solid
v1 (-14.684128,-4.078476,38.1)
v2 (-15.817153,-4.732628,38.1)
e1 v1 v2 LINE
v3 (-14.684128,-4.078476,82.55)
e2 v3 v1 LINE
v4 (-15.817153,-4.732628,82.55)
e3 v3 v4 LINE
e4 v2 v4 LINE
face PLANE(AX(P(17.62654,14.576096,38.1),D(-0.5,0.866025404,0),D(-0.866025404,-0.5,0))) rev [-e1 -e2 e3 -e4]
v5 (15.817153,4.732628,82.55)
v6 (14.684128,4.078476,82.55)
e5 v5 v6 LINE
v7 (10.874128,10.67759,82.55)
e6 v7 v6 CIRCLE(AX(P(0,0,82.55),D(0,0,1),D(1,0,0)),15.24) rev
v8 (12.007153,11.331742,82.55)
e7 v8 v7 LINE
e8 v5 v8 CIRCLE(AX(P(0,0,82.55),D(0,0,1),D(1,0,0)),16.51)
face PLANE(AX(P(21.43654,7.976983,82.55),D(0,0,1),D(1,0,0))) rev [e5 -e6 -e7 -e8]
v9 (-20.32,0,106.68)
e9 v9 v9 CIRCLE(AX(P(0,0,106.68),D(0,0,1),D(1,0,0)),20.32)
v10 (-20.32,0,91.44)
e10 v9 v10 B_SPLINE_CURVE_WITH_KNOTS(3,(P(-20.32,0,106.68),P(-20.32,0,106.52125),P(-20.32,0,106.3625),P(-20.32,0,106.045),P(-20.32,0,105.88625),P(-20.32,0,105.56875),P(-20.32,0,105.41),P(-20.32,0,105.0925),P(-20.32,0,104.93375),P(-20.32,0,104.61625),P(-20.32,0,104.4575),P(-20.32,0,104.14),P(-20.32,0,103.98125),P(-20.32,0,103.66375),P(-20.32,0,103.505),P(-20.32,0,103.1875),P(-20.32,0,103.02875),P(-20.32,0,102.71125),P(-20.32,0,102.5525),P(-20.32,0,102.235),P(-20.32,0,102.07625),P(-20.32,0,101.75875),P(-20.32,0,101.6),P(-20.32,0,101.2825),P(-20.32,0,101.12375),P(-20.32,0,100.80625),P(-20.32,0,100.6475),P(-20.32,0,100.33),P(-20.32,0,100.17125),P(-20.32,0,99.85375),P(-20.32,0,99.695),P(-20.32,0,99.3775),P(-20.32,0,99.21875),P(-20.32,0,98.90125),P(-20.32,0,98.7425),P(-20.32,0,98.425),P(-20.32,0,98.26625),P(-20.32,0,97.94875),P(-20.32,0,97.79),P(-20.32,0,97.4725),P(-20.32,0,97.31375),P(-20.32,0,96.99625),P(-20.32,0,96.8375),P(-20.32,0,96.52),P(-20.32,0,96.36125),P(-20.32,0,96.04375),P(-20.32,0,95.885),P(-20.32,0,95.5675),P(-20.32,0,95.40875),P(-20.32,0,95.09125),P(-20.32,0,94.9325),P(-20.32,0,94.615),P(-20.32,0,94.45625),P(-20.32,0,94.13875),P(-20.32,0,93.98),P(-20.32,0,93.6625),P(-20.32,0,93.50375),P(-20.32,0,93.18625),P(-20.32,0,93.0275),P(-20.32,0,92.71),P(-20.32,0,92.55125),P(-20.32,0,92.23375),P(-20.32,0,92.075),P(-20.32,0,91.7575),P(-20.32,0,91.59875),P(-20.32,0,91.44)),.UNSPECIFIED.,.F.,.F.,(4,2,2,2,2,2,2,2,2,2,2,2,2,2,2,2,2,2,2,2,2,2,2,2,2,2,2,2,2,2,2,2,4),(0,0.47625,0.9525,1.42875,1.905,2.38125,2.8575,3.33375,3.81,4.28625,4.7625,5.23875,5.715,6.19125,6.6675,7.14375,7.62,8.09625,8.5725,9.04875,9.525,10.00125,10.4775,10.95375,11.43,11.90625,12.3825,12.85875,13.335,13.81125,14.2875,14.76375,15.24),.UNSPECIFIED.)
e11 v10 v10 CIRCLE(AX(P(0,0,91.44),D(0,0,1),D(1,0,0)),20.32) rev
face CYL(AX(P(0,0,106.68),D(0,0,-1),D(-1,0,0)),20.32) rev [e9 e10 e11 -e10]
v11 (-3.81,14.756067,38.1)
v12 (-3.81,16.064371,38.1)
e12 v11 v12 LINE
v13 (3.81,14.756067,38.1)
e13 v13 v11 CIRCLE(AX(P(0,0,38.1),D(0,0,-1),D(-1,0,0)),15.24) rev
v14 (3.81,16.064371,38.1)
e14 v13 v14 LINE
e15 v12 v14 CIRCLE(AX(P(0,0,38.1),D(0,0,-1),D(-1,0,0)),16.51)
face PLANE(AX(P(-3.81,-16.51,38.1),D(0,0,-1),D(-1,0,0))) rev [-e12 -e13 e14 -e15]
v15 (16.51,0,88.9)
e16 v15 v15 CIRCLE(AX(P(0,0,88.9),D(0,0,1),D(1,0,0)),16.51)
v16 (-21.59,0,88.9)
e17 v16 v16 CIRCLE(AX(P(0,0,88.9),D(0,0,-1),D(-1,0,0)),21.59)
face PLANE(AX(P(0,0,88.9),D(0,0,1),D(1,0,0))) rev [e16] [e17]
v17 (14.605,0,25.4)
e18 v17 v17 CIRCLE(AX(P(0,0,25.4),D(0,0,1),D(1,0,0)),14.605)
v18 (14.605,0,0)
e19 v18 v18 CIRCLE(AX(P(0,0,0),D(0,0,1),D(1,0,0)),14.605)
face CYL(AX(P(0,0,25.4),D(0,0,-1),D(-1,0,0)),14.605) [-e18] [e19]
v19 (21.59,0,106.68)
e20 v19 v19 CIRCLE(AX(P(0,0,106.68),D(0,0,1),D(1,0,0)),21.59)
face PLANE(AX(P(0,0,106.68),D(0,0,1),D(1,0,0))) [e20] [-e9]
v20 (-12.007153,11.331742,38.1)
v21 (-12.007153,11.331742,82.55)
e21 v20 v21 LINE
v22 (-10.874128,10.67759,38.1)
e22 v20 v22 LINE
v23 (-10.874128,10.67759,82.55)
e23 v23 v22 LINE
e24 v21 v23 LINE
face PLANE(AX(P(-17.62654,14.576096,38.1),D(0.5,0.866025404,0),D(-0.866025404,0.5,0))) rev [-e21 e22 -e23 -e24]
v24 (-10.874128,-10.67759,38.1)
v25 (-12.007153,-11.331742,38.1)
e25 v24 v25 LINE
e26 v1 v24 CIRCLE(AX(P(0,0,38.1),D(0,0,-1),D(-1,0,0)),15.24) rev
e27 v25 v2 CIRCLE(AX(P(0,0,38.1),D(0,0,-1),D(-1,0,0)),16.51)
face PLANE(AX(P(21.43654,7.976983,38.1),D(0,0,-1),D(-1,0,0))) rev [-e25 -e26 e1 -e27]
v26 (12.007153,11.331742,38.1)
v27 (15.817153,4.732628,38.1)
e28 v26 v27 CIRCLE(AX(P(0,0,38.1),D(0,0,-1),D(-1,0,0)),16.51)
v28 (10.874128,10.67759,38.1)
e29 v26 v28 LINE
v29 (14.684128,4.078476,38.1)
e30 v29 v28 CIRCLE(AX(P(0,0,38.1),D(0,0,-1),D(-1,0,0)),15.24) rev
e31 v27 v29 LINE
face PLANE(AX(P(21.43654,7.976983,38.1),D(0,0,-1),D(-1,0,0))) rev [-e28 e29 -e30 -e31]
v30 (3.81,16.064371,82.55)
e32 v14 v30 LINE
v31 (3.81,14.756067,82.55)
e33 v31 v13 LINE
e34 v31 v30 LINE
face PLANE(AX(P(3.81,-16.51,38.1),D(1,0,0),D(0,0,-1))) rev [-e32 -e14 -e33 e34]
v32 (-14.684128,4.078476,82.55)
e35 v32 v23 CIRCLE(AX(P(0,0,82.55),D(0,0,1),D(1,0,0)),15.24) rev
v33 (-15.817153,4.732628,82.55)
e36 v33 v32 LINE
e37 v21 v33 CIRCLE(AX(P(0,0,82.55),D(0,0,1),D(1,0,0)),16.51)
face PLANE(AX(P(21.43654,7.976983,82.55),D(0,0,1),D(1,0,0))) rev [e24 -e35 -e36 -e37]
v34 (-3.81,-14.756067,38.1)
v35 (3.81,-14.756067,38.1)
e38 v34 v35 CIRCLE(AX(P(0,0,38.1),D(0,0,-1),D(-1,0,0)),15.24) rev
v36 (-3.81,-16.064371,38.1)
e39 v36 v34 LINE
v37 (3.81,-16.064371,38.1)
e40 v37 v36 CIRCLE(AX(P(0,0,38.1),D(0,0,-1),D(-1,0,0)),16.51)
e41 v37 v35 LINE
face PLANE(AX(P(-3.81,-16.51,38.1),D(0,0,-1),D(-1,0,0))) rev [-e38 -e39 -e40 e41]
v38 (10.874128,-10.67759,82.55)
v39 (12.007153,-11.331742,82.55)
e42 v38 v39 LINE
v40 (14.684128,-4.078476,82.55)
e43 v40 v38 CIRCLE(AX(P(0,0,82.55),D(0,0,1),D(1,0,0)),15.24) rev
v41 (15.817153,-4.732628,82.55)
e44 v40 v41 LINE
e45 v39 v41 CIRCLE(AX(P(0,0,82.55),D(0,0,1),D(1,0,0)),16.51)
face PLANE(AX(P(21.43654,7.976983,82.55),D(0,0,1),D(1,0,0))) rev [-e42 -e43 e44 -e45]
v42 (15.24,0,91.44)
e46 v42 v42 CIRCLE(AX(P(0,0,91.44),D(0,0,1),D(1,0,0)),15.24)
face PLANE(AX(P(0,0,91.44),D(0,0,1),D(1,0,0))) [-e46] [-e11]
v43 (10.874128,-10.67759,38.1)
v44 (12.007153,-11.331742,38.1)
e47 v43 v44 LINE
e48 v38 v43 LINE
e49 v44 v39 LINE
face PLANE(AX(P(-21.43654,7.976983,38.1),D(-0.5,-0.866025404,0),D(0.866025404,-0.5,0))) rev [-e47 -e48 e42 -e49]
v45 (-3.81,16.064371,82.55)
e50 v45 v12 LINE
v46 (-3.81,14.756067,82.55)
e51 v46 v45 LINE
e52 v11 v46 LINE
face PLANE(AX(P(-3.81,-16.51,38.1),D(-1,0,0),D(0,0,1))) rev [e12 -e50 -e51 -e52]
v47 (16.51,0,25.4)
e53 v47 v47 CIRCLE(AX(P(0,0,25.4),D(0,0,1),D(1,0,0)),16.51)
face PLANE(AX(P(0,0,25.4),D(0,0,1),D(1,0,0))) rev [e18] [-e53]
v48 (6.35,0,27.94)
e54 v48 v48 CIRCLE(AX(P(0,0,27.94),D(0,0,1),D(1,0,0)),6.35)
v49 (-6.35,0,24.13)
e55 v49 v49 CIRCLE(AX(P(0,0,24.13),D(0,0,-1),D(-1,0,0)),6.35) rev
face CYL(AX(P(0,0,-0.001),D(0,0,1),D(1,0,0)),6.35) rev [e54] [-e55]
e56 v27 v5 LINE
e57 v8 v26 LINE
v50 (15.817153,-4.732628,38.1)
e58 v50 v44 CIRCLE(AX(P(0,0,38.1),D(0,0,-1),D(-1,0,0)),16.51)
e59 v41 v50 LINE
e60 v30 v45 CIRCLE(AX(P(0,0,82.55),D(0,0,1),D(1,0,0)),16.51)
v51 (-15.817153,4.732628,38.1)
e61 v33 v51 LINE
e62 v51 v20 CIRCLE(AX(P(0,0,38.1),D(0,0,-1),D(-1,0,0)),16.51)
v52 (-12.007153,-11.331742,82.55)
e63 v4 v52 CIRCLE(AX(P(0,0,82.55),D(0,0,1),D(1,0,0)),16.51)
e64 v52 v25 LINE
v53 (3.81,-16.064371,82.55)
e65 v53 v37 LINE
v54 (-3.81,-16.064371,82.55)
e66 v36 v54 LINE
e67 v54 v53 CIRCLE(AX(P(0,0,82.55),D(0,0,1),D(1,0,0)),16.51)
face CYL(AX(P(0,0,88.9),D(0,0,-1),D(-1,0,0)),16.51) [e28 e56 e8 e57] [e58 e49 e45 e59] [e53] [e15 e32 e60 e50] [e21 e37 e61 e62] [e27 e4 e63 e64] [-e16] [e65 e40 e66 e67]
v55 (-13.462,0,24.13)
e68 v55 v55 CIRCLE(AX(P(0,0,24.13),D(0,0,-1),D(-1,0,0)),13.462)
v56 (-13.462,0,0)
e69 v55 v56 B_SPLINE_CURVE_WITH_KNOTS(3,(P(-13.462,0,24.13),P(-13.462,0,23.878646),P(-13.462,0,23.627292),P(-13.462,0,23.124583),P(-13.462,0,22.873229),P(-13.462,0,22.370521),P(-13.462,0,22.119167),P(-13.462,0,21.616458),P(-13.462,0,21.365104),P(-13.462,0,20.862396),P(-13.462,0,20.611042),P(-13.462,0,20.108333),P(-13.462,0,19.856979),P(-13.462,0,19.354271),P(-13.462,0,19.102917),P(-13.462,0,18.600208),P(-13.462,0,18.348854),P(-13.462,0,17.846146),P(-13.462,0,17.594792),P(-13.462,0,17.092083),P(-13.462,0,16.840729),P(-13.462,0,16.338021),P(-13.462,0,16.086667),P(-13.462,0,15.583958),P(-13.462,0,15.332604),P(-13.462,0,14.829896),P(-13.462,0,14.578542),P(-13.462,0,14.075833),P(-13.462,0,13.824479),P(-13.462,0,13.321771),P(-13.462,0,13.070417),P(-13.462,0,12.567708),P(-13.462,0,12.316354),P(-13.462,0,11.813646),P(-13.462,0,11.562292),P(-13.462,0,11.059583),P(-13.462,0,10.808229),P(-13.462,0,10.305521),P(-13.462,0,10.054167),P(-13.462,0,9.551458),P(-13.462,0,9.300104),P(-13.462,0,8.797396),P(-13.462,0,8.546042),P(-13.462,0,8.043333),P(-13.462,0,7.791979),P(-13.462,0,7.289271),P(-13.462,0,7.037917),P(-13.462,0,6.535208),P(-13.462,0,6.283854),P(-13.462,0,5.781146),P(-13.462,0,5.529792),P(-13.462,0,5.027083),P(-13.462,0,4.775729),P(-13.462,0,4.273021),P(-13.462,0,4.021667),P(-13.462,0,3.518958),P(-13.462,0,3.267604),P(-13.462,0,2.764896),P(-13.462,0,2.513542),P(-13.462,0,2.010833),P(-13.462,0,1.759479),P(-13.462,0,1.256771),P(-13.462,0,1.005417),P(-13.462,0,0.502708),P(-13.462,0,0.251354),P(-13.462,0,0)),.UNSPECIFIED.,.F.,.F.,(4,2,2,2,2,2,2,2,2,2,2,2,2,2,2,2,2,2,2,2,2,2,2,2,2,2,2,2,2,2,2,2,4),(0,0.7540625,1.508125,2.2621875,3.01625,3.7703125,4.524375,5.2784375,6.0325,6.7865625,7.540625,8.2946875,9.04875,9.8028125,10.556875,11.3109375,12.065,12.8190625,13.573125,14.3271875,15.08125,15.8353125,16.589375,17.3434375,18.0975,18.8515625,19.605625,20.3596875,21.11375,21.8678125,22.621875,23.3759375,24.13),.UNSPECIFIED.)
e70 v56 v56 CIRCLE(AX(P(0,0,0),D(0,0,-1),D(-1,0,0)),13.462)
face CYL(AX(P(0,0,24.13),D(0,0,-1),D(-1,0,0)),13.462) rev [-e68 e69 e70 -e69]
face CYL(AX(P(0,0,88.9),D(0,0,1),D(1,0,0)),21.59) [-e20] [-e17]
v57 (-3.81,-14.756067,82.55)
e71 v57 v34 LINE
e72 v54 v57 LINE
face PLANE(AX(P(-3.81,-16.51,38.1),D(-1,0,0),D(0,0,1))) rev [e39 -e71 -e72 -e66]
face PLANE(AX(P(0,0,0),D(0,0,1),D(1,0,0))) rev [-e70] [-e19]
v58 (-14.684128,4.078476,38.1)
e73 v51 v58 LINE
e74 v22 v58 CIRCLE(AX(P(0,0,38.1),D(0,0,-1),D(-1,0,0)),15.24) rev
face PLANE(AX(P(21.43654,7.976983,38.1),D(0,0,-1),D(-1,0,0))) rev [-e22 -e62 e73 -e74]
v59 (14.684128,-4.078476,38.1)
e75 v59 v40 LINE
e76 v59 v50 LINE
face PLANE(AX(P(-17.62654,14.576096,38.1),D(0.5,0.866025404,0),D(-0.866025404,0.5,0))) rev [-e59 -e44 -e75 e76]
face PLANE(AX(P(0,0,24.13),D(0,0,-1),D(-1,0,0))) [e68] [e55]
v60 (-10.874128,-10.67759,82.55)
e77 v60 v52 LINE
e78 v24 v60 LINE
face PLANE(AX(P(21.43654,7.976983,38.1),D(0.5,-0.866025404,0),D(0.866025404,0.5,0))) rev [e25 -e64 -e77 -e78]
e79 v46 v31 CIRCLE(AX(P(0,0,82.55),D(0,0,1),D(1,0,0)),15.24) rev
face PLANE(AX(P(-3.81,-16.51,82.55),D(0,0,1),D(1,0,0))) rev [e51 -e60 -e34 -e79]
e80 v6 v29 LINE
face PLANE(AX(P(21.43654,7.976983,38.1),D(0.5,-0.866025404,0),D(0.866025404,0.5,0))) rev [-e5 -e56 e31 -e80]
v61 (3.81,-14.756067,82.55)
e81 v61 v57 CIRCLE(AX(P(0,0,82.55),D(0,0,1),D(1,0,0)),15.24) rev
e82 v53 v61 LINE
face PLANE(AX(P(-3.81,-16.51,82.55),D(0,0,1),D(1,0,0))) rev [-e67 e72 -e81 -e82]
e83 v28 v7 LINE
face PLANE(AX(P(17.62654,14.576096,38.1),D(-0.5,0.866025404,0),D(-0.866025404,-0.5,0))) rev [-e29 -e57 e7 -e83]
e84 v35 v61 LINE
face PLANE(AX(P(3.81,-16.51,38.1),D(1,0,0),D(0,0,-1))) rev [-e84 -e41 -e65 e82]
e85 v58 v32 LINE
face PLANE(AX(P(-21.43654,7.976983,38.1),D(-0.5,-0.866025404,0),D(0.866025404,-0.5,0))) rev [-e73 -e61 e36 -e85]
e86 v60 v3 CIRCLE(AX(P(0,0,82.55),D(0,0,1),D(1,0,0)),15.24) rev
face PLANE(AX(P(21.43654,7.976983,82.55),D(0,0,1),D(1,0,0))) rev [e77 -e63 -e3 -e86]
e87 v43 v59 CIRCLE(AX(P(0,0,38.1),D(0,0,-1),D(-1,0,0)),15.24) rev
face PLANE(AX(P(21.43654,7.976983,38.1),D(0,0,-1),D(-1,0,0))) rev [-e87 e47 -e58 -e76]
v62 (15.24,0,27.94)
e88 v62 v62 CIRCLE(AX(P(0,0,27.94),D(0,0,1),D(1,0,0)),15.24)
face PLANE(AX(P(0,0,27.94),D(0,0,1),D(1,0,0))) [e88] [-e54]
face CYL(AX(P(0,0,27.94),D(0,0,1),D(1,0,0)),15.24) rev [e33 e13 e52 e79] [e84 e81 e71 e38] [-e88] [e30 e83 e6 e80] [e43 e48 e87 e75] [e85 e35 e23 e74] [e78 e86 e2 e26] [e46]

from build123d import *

# Parameters (mm, degrees)
SKETCH1_R           = 14.605
BOSS_EXTRUDE1_DEPTH = 25.4
SKETCH2_R           = 16.51
BOSS_EXTRUDE2_DEPTH = 63.5
SKETCH5_R           = 13.462
CUT_EXTRUDE1_DEPTH  = 24.13
SKETCH6_R           = 15.24
CUT_EXTRUDE3_DEPTH  = 60.96
CUT_EXTRUDE4_REACH  = 67.278
SKETCH7_R           = 6.35
SKETCH9_W           = 7.62
SKETCH9_H           = 44.45
CUT_EXTRUDE5_DEPTH  = 92.915016183
CIRPATTERN1_COUNT   = 3
SKETCH10_R          = 20.32
SKETCH10_R_2        = 15.24
BOSS_EXTRUDE3_DEPTH = 2.54
SKETCH11_R          = 21.59
SKETCH11_R_2        = 20.32
BOSS_EXTRUDE4_DEPTH = 15.24
SKETCH12_R          = 21.59
SKETCH12_R_2        = 20.32
BOSS_EXTRUDE5_DEPTH = 2.54


with BuildPart() as part:
    # Sketch1 → Boss-Extrude1 (new body)
    with BuildSketch(Plane.XY):
        Circle(SKETCH1_R)
    extrude(amount=BOSS_EXTRUDE1_DEPTH)

    # Sketch2 → Boss-Extrude2 (add)
    with BuildSketch(Plane.XY.offset(25.4)):
        Circle(SKETCH2_R)
    extrude(amount=BOSS_EXTRUDE2_DEPTH)

    # Sketch5 → Cut-Extrude1 (cut)
    with BuildSketch(Plane(origin=(0, 0, 0), x_dir=(-1, 0, 0), z_dir=(0, 0, -1))):
        Circle(SKETCH5_R)
    extrude(amount=-CUT_EXTRUDE1_DEPTH, mode=Mode.SUBTRACT)

    # Sketch6 → Cut-Extrude3 (cut)
    with BuildSketch(Plane.XY.offset(88.9)):
        Circle(SKETCH6_R)
    extrude(amount=-CUT_EXTRUDE3_DEPTH, mode=Mode.SUBTRACT)

    # Sketch7 → Cut-Extrude4 (cut, up to next)
    with BuildSketch(Plane.XY.offset(27.94), mode=Mode.PRIVATE) as cut_extrude4_sk1:
        Circle(SKETCH7_R)
    cut_extrude4_tool1 = extrude(cut_extrude4_sk1.sketch, amount=-CUT_EXTRUDE4_REACH, mode=Mode.PRIVATE) & part.part
    add(cut_extrude4_tool1.solids().sort_by_distance((0, 0, 27.94))[0], mode=Mode.SUBTRACT)

    # Sketch9 → Cut-Extrude5 (cut, symmetric)
    with BuildSketch(Plane(origin=(0, 0, 0), x_dir=(1, 0, 0), z_dir=(0, 1, 0))):
        with Locations((0, -60.325)):
            Rectangle(SKETCH9_W, SKETCH9_H)
    cut_extrude5 = extrude(amount=CUT_EXTRUDE5_DEPTH, both=True, mode=Mode.SUBTRACT)

    # CirPattern1: Cut-Extrude5 ×3 about axis
    cirpattern1_axis = Axis((0, 0, 0), (0, 0, 1))
    for i in range(1, CIRPATTERN1_COUNT):
        add(cut_extrude5.rotate(cirpattern1_axis, i * 360 / CIRPATTERN1_COUNT), mode=Mode.SUBTRACT)



with BuildPart() as body_2:
    # Sketch10 → Boss-Extrude3 (new body)
    with BuildSketch(Plane.XY.offset(88.9)):
        Circle(SKETCH10_R)
        Circle(SKETCH10_R_2, mode=Mode.SUBTRACT)
    extrude(amount=BOSS_EXTRUDE3_DEPTH)


with BuildPart() as body_3:
    # Sketch11 → Boss-Extrude4 (new body)
    with BuildSketch(Plane.XY.offset(91.44)):
        with Locations(Location((0, 0, 0), (0, 0, 180))):
            Circle(SKETCH11_R)
        with Locations(Location((0, 0, 0), (0, 0, 180))):
            Circle(SKETCH11_R_2, mode=Mode.SUBTRACT)
    extrude(amount=BOSS_EXTRUDE4_DEPTH)


with BuildPart() as part_1:
    add(part.part)

    add(body_2.part)  # Boss-Extrude5 merges body 2

    add(body_3.part)  # Boss-Extrude5 merges body 3
    # Sketch12 → Boss-Extrude5 (add)
    with BuildSketch(Plane(origin=(0, 0, 91.44), x_dir=(-1, 0, 0), z_dir=(0, 0, -1))):
        with Locations(Location((0, 0, 0), (0, 0, 180))):
            Circle(SKETCH12_R)
        Circle(SKETCH12_R_2, mode=Mode.SUBTRACT)
    extrude(amount=BOSS_EXTRUDE5_DEPTH)


solid = part_1.part
